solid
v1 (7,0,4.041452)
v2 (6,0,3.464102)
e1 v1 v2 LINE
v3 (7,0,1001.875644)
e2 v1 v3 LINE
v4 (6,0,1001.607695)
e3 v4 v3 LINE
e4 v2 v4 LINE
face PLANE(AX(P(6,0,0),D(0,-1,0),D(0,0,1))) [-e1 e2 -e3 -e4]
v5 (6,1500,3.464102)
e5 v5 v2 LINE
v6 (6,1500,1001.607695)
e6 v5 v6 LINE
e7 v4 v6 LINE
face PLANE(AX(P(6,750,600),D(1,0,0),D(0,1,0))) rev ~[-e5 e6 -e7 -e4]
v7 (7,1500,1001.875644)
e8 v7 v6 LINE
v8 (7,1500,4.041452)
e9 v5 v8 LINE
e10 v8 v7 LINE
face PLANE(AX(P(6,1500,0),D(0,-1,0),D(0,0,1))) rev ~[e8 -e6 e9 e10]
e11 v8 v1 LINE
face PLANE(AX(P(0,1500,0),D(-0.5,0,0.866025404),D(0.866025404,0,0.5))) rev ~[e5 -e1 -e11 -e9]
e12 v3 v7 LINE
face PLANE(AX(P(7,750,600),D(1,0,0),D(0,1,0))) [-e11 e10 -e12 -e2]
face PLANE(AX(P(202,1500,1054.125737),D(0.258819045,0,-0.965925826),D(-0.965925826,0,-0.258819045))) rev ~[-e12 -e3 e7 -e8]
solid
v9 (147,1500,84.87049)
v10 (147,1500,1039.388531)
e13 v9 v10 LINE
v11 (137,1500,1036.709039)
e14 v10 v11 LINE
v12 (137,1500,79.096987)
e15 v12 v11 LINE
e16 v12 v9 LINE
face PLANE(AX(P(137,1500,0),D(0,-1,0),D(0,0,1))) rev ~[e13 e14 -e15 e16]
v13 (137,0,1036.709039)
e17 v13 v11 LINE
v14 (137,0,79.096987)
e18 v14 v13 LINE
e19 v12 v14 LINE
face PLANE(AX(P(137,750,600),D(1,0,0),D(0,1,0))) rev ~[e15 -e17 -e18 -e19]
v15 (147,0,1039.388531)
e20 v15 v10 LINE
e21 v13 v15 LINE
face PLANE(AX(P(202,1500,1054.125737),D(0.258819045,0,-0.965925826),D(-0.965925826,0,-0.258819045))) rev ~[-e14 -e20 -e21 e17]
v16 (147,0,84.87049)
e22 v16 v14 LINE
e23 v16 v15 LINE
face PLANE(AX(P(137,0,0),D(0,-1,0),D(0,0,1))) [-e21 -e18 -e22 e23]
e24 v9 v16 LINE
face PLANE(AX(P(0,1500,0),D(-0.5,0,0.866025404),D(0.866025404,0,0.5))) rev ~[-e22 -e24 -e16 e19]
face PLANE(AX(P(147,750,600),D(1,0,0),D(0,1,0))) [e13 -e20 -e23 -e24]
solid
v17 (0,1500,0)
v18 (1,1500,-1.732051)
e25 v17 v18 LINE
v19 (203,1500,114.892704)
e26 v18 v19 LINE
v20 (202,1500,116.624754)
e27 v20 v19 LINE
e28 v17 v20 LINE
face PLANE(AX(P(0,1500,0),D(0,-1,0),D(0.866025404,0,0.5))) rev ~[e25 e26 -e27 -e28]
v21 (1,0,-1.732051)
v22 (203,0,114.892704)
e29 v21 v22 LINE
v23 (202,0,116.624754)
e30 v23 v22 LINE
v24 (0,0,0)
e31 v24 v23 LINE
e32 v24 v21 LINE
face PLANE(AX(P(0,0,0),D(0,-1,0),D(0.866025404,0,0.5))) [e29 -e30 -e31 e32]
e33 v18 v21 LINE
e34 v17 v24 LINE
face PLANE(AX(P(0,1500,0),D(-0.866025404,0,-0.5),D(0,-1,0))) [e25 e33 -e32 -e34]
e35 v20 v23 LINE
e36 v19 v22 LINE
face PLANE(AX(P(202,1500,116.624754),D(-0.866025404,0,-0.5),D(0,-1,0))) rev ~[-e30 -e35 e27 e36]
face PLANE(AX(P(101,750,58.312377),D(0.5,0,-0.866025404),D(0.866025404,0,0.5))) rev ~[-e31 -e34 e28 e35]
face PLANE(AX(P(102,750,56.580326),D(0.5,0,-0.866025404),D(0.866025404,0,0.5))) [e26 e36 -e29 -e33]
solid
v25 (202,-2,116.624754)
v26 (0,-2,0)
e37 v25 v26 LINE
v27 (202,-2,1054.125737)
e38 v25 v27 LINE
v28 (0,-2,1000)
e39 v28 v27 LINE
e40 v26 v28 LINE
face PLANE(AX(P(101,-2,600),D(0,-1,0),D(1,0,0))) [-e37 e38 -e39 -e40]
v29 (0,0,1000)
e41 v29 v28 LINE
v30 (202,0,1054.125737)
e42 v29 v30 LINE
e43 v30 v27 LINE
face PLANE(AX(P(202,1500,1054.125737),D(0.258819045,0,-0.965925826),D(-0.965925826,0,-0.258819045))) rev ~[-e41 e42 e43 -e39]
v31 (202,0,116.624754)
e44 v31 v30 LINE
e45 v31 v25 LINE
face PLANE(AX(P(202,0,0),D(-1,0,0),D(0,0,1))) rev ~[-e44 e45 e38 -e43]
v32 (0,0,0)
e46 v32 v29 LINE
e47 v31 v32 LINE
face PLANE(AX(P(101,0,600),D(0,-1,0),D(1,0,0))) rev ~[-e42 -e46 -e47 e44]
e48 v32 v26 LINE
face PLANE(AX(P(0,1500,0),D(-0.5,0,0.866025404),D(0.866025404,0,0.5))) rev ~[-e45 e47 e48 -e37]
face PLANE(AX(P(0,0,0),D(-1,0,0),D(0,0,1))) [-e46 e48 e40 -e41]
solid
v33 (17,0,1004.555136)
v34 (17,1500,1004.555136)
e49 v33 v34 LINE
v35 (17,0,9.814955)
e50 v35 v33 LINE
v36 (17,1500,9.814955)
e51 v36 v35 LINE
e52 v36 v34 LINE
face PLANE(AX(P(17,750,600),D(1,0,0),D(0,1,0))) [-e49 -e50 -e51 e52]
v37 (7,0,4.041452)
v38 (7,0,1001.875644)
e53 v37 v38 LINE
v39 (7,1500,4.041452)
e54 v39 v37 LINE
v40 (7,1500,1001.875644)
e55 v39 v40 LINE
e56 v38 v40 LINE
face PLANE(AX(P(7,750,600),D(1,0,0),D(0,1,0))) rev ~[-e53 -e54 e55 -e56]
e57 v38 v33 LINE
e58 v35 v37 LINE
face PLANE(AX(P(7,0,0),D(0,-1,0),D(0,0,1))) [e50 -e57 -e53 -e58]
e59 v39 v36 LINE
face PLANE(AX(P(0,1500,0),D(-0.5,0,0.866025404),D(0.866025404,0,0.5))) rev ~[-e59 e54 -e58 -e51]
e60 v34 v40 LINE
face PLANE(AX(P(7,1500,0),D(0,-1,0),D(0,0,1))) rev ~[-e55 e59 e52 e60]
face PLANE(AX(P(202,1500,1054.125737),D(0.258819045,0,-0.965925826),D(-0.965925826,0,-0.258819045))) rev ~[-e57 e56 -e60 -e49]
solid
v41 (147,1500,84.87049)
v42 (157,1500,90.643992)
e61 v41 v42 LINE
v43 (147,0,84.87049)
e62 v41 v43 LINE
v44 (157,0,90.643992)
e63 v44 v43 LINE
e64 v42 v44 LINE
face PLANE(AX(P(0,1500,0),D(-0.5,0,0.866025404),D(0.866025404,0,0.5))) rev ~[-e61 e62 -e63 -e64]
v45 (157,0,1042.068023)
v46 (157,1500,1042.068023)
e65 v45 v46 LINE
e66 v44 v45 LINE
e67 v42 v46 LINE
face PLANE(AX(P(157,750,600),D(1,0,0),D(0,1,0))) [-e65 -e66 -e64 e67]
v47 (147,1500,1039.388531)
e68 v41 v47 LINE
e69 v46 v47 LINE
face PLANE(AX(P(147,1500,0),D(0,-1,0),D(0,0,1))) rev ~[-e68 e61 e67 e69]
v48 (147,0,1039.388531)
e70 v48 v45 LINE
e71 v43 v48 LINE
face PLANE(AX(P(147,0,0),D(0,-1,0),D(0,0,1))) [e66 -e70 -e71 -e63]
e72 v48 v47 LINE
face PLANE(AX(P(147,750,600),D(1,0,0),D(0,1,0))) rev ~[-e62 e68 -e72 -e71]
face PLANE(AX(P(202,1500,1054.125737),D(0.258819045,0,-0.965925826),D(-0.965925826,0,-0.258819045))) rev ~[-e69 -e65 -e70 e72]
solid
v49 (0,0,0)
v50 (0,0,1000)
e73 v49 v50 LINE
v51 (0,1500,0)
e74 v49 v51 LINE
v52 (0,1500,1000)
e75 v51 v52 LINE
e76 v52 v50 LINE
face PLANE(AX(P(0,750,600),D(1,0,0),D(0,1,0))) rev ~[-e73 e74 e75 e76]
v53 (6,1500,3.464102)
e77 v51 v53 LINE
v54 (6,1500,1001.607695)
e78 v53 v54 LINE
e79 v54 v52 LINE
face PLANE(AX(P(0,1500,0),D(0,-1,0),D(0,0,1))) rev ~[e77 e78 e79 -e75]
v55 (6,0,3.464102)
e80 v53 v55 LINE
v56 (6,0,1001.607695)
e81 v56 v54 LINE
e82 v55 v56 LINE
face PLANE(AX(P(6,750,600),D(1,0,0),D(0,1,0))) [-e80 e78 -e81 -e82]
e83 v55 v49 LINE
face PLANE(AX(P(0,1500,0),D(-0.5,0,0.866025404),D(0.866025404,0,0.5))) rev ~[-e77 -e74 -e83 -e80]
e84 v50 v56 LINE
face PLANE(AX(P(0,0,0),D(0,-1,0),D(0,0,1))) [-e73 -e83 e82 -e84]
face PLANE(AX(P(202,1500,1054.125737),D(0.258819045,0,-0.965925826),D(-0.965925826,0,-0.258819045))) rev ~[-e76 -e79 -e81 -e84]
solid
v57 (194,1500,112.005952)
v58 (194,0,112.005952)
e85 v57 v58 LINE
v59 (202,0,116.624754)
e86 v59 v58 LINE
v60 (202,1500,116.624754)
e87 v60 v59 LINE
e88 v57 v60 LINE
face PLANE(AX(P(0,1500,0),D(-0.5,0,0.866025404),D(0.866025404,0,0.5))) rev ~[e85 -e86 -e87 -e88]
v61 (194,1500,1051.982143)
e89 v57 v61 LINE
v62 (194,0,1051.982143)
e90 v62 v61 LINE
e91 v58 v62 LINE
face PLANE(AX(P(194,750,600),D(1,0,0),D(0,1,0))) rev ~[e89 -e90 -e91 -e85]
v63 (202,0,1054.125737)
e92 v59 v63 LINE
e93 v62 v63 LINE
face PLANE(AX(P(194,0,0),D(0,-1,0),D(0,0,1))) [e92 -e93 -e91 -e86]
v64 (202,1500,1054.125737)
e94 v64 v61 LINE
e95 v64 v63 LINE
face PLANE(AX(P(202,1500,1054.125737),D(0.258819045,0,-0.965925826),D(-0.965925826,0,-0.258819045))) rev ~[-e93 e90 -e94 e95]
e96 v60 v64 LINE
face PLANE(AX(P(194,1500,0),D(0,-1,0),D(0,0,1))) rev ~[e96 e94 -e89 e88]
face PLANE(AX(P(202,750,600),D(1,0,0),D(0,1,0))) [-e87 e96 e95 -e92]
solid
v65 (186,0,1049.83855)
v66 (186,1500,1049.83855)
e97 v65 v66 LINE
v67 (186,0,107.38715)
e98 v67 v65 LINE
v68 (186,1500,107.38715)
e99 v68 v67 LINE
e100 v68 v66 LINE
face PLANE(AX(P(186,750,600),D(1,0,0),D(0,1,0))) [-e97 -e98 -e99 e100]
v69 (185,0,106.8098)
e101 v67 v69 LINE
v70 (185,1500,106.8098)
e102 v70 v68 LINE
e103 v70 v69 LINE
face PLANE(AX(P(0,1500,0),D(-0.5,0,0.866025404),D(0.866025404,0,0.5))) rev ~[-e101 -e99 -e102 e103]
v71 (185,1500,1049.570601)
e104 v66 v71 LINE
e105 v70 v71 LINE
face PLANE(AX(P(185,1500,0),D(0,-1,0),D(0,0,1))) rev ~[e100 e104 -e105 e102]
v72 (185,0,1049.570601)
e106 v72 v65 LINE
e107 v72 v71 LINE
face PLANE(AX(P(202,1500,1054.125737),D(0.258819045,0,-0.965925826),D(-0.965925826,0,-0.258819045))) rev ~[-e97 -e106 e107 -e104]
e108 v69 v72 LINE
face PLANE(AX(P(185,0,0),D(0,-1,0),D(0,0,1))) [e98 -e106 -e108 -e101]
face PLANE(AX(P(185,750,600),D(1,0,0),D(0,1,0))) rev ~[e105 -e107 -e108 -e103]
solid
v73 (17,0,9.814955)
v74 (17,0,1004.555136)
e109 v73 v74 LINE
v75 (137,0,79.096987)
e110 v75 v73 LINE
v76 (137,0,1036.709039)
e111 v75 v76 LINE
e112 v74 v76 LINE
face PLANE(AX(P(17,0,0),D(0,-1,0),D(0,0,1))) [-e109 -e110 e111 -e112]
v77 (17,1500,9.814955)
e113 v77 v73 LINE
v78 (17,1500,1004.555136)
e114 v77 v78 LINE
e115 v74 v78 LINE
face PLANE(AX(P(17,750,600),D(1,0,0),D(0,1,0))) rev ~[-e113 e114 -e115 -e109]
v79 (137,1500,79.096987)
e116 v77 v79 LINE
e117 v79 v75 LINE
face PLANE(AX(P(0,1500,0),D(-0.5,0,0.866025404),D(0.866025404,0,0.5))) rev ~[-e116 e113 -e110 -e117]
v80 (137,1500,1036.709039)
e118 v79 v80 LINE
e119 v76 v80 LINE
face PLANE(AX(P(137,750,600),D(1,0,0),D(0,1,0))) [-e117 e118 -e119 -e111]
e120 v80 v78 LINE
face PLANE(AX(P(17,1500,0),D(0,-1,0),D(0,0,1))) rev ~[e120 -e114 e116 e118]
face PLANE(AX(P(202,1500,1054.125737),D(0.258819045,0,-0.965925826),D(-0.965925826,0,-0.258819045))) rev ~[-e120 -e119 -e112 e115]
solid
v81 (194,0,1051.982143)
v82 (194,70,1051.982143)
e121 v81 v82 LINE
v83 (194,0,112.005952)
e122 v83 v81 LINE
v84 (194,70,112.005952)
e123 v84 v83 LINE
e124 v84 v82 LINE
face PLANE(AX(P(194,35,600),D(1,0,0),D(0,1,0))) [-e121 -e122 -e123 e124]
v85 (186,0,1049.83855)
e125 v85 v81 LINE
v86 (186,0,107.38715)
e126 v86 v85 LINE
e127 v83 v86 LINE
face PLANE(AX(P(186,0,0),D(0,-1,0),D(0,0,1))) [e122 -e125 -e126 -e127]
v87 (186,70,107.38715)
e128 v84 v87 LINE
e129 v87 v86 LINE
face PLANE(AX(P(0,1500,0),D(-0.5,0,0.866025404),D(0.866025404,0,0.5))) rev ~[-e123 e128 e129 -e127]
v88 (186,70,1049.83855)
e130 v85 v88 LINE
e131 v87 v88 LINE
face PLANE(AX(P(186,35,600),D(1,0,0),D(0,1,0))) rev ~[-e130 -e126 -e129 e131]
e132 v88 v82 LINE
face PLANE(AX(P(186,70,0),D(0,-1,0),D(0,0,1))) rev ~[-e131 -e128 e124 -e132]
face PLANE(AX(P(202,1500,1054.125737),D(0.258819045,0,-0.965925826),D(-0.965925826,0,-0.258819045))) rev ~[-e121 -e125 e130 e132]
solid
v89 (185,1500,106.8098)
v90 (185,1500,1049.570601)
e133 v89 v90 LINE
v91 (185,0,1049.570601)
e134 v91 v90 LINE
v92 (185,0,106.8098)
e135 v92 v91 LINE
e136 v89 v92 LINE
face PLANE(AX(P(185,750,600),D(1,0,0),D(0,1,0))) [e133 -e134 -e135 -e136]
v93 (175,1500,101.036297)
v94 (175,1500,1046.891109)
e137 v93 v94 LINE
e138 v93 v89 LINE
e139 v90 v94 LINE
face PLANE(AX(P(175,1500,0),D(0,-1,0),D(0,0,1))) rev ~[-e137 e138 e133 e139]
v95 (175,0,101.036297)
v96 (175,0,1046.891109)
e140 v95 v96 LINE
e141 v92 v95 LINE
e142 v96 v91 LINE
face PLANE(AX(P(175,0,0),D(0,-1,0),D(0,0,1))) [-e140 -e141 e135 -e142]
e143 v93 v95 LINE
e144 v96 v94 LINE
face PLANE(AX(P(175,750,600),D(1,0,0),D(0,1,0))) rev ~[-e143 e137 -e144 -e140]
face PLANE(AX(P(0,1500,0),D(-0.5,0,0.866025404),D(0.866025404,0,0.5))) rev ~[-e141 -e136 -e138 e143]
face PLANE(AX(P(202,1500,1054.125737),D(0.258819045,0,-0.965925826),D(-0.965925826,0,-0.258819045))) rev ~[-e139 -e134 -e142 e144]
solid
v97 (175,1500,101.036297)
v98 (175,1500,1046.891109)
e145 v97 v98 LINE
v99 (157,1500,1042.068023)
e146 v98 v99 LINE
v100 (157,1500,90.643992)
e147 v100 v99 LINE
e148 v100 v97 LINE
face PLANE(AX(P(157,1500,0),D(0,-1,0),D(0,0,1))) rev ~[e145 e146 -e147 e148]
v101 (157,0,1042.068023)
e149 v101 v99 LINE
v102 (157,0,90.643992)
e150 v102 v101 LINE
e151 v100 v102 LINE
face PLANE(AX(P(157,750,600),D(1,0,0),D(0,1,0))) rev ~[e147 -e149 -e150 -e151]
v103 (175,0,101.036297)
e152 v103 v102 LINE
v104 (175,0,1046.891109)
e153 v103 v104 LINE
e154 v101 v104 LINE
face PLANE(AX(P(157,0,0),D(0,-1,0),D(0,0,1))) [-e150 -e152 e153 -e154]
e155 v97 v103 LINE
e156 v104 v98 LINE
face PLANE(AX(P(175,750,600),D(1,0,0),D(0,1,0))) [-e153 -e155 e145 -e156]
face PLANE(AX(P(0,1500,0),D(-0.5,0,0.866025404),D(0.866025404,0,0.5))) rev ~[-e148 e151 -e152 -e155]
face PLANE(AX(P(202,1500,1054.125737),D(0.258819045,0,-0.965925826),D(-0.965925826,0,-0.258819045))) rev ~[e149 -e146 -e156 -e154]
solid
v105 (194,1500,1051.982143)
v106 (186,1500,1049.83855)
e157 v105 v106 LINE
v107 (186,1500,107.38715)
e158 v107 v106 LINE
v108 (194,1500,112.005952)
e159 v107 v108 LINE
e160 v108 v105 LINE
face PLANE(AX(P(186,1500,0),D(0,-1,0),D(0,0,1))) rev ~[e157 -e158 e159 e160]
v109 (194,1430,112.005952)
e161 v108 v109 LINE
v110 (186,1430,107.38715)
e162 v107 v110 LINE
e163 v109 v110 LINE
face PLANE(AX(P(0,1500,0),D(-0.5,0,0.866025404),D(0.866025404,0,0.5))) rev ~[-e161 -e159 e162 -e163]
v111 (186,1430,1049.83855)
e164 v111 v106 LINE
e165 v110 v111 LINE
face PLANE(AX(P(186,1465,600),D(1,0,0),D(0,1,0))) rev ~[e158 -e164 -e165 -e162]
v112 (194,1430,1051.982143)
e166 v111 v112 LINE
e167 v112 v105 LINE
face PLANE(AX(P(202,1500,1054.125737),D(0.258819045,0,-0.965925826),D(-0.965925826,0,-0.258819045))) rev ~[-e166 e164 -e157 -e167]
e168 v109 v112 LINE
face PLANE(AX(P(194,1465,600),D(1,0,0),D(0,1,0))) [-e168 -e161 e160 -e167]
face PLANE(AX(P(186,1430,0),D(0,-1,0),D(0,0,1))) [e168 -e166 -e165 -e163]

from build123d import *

# Parameters (mm, degrees)
F0_W      = 1500
F0_H      = 1200
F1_DEPTH  = 6
F2_DEPTH  = 1
F3_DEPTH  = 10
F4_DEPTH  = 120
F5_DEPTH  = 10
F6_DEPTH  = 10
F7_DEPTH  = 18
F8_DEPTH  = 10
F9_DEPTH  = 1
F10_W     = 70
F10_H     = 1200
F11_DEPTH = 8
F12_W     = 1500
F12_H     = 1200
F13_DEPTH = 8
F14_W     = 202
F14_H     = 1200
F15_DEPTH = 2
F17_DEPTH = 1502.001
F18_W     = 233.2495087526
F18_H     = 1500
F19_DEPTH = 2


with BuildPart() as f1:
    # F0 (on Right) → F1 (new body)
    with BuildSketch(Plane.YZ):
        with Locations((750, 600)):
            Rectangle(F0_W, F0_H)
    extrude(amount=F1_DEPTH)


with BuildPart() as f2:
    # F2 (new): a face of the model
    f2_faces = [f1.part.faces().sort_by_distance(p)[0] for p in [
        (6, 750, 600),
    ]]
    extrude(f2_faces, amount=F2_DEPTH)


with BuildPart() as f3:
    # F3 (new): a face of the model
    f3_faces = [f2.part.faces().sort_by_distance(p)[0] for p in [
        (7, 750, 600),
    ]]
    extrude(f3_faces, amount=F3_DEPTH)


with BuildPart() as f4:
    # F4 (new): a face of the model
    f4_faces = [f3.part.faces().sort_by_distance(p)[0] for p in [
        (17, 750, 600),
    ]]
    extrude(f4_faces, amount=F4_DEPTH)


with BuildPart() as f5:
    # F5 (new): a face of the model
    f5_faces = [f4.part.faces().sort_by_distance(p)[0] for p in [
        (137, 750, 600),
    ]]
    extrude(f5_faces, amount=F5_DEPTH)


with BuildPart() as f6:
    # F6 (new): a face of the model
    f6_faces = [f5.part.faces().sort_by_distance(p)[0] for p in [
        (147, 750, 600),
    ]]
    extrude(f6_faces, amount=F6_DEPTH)


with BuildPart() as f7:
    # F7 (new): a face of the model
    f7_faces = [f6.part.faces().sort_by_distance(p)[0] for p in [
        (157, 750, 600),
    ]]
    extrude(f7_faces, amount=F7_DEPTH)


with BuildPart() as f8:
    # F8 (new): a face of the model
    f8_faces = [f7.part.faces().sort_by_distance(p)[0] for p in [
        (175, 750, 600),
    ]]
    extrude(f8_faces, amount=F8_DEPTH)


with BuildPart() as f9:
    # F9 (new): a face of the model
    f9_faces = [f8.part.faces().sort_by_distance(p)[0] for p in [
        (185, 750, 600),
    ]]
    extrude(f9_faces, amount=F9_DEPTH)


with BuildPart() as f11:
    # F10 (on face) → F11 (new body)
    with BuildSketch(Plane.YZ.offset(186)):
        with Locations((35, 600)):
            Rectangle(F10_W, F10_H)
    extrude(amount=F11_DEPTH)


with BuildPart() as f11b:
    # F10 (on face) → F11, piece 2 (new body)
    with BuildSketch(Plane.YZ.offset(186)):
        with Locations((1465, 600)):
            Rectangle(F10_W, F10_H)
    extrude(amount=F11_DEPTH)


with BuildPart() as f13:
    # F12 (on face) → F13 (new body)
    with BuildSketch(Plane.YZ.offset(194)):
        with Locations((750, 600)):
            Rectangle(F12_W, F12_H)
    extrude(amount=F13_DEPTH)


with BuildPart() as f15:
    # F14 (on face) → F15 (new body)
    with BuildSketch(Plane.XZ):
        with Locations((101, 600)):
            Rectangle(F14_W, F14_H)
    extrude(amount=F15_DEPTH)


with BuildPart() as f17_tool:
    # F16 (on face) → F17 (new body, through all)
    with BuildSketch(Plane(origin=(0, 1500, 0), x_dir=(-1, 0, 0), z_dir=(0, 1, 0))):
        Polygon((-202, 0), (0, 0), (-202, 116.6247543763), align=None)
        Polygon((0, 1000), (0, 1200), (-202, 1200), (-202, 1054.1257368711), align=None)
    extrude(amount=-F17_DEPTH)


with BuildPart() as f1_1:
    add(f1.part)

    # F17: cut by f17_tool
    add(f17_tool.part, mode=Mode.SUBTRACT)


with BuildPart() as f2_1:
    add(f2.part)

    # F17: cut by f17_tool
    add(f17_tool.part, mode=Mode.SUBTRACT)


with BuildPart() as f3_1:
    add(f3.part)

    # F17: cut by f17_tool
    add(f17_tool.part, mode=Mode.SUBTRACT)


with BuildPart() as f4_1:
    add(f4.part)

    # F17: cut by f17_tool
    add(f17_tool.part, mode=Mode.SUBTRACT)


with BuildPart() as f5_1:
    add(f5.part)

    # F17: cut by f17_tool
    add(f17_tool.part, mode=Mode.SUBTRACT)


with BuildPart() as f6_1:
    add(f6.part)

    # F17: cut by f17_tool
    add(f17_tool.part, mode=Mode.SUBTRACT)


with BuildPart() as f7_1:
    add(f7.part)

    # F17: cut by f17_tool
    add(f17_tool.part, mode=Mode.SUBTRACT)


with BuildPart() as f8_1:
    add(f8.part)

    # F17: cut by f17_tool
    add(f17_tool.part, mode=Mode.SUBTRACT)


with BuildPart() as f9_1:
    add(f9.part)

    # F17: cut by f17_tool
    add(f17_tool.part, mode=Mode.SUBTRACT)


with BuildPart() as f11_1:
    add(f11.part)

    # F17: cut by f17_tool
    add(f17_tool.part, mode=Mode.SUBTRACT)


with BuildPart() as f11b_1:
    add(f11b.part)

    # F17: cut by f17_tool
    add(f17_tool.part, mode=Mode.SUBTRACT)


with BuildPart() as f13_1:
    add(f13.part)

    # F17: cut by f17_tool
    add(f17_tool.part, mode=Mode.SUBTRACT)


with BuildPart() as f15_1:
    add(f15.part)

    # F17: cut by f17_tool
    add(f17_tool.part, mode=Mode.SUBTRACT)


with BuildPart() as f19:
    # F18 (on face) → F19 (new body)
    with BuildSketch(Plane(origin=(0, 0, 0), x_dir=(0.8660254038, 0, 0.5), z_dir=(0.5, 0, -0.8660254038))):
        with Locations((116.6247543763, -750)):
            Rectangle(F18_W, F18_H)
    extrude(amount=F19_DEPTH)


solid = Compound([f1_1.part, f2_1.part, f3_1.part, f4_1.part, f5_1.part, f6_1.part, f7_1.part, f8_1.part, f9_1.part, f11_1.part, f11b_1.part, f13_1.part, f15_1.part, f19.part])
